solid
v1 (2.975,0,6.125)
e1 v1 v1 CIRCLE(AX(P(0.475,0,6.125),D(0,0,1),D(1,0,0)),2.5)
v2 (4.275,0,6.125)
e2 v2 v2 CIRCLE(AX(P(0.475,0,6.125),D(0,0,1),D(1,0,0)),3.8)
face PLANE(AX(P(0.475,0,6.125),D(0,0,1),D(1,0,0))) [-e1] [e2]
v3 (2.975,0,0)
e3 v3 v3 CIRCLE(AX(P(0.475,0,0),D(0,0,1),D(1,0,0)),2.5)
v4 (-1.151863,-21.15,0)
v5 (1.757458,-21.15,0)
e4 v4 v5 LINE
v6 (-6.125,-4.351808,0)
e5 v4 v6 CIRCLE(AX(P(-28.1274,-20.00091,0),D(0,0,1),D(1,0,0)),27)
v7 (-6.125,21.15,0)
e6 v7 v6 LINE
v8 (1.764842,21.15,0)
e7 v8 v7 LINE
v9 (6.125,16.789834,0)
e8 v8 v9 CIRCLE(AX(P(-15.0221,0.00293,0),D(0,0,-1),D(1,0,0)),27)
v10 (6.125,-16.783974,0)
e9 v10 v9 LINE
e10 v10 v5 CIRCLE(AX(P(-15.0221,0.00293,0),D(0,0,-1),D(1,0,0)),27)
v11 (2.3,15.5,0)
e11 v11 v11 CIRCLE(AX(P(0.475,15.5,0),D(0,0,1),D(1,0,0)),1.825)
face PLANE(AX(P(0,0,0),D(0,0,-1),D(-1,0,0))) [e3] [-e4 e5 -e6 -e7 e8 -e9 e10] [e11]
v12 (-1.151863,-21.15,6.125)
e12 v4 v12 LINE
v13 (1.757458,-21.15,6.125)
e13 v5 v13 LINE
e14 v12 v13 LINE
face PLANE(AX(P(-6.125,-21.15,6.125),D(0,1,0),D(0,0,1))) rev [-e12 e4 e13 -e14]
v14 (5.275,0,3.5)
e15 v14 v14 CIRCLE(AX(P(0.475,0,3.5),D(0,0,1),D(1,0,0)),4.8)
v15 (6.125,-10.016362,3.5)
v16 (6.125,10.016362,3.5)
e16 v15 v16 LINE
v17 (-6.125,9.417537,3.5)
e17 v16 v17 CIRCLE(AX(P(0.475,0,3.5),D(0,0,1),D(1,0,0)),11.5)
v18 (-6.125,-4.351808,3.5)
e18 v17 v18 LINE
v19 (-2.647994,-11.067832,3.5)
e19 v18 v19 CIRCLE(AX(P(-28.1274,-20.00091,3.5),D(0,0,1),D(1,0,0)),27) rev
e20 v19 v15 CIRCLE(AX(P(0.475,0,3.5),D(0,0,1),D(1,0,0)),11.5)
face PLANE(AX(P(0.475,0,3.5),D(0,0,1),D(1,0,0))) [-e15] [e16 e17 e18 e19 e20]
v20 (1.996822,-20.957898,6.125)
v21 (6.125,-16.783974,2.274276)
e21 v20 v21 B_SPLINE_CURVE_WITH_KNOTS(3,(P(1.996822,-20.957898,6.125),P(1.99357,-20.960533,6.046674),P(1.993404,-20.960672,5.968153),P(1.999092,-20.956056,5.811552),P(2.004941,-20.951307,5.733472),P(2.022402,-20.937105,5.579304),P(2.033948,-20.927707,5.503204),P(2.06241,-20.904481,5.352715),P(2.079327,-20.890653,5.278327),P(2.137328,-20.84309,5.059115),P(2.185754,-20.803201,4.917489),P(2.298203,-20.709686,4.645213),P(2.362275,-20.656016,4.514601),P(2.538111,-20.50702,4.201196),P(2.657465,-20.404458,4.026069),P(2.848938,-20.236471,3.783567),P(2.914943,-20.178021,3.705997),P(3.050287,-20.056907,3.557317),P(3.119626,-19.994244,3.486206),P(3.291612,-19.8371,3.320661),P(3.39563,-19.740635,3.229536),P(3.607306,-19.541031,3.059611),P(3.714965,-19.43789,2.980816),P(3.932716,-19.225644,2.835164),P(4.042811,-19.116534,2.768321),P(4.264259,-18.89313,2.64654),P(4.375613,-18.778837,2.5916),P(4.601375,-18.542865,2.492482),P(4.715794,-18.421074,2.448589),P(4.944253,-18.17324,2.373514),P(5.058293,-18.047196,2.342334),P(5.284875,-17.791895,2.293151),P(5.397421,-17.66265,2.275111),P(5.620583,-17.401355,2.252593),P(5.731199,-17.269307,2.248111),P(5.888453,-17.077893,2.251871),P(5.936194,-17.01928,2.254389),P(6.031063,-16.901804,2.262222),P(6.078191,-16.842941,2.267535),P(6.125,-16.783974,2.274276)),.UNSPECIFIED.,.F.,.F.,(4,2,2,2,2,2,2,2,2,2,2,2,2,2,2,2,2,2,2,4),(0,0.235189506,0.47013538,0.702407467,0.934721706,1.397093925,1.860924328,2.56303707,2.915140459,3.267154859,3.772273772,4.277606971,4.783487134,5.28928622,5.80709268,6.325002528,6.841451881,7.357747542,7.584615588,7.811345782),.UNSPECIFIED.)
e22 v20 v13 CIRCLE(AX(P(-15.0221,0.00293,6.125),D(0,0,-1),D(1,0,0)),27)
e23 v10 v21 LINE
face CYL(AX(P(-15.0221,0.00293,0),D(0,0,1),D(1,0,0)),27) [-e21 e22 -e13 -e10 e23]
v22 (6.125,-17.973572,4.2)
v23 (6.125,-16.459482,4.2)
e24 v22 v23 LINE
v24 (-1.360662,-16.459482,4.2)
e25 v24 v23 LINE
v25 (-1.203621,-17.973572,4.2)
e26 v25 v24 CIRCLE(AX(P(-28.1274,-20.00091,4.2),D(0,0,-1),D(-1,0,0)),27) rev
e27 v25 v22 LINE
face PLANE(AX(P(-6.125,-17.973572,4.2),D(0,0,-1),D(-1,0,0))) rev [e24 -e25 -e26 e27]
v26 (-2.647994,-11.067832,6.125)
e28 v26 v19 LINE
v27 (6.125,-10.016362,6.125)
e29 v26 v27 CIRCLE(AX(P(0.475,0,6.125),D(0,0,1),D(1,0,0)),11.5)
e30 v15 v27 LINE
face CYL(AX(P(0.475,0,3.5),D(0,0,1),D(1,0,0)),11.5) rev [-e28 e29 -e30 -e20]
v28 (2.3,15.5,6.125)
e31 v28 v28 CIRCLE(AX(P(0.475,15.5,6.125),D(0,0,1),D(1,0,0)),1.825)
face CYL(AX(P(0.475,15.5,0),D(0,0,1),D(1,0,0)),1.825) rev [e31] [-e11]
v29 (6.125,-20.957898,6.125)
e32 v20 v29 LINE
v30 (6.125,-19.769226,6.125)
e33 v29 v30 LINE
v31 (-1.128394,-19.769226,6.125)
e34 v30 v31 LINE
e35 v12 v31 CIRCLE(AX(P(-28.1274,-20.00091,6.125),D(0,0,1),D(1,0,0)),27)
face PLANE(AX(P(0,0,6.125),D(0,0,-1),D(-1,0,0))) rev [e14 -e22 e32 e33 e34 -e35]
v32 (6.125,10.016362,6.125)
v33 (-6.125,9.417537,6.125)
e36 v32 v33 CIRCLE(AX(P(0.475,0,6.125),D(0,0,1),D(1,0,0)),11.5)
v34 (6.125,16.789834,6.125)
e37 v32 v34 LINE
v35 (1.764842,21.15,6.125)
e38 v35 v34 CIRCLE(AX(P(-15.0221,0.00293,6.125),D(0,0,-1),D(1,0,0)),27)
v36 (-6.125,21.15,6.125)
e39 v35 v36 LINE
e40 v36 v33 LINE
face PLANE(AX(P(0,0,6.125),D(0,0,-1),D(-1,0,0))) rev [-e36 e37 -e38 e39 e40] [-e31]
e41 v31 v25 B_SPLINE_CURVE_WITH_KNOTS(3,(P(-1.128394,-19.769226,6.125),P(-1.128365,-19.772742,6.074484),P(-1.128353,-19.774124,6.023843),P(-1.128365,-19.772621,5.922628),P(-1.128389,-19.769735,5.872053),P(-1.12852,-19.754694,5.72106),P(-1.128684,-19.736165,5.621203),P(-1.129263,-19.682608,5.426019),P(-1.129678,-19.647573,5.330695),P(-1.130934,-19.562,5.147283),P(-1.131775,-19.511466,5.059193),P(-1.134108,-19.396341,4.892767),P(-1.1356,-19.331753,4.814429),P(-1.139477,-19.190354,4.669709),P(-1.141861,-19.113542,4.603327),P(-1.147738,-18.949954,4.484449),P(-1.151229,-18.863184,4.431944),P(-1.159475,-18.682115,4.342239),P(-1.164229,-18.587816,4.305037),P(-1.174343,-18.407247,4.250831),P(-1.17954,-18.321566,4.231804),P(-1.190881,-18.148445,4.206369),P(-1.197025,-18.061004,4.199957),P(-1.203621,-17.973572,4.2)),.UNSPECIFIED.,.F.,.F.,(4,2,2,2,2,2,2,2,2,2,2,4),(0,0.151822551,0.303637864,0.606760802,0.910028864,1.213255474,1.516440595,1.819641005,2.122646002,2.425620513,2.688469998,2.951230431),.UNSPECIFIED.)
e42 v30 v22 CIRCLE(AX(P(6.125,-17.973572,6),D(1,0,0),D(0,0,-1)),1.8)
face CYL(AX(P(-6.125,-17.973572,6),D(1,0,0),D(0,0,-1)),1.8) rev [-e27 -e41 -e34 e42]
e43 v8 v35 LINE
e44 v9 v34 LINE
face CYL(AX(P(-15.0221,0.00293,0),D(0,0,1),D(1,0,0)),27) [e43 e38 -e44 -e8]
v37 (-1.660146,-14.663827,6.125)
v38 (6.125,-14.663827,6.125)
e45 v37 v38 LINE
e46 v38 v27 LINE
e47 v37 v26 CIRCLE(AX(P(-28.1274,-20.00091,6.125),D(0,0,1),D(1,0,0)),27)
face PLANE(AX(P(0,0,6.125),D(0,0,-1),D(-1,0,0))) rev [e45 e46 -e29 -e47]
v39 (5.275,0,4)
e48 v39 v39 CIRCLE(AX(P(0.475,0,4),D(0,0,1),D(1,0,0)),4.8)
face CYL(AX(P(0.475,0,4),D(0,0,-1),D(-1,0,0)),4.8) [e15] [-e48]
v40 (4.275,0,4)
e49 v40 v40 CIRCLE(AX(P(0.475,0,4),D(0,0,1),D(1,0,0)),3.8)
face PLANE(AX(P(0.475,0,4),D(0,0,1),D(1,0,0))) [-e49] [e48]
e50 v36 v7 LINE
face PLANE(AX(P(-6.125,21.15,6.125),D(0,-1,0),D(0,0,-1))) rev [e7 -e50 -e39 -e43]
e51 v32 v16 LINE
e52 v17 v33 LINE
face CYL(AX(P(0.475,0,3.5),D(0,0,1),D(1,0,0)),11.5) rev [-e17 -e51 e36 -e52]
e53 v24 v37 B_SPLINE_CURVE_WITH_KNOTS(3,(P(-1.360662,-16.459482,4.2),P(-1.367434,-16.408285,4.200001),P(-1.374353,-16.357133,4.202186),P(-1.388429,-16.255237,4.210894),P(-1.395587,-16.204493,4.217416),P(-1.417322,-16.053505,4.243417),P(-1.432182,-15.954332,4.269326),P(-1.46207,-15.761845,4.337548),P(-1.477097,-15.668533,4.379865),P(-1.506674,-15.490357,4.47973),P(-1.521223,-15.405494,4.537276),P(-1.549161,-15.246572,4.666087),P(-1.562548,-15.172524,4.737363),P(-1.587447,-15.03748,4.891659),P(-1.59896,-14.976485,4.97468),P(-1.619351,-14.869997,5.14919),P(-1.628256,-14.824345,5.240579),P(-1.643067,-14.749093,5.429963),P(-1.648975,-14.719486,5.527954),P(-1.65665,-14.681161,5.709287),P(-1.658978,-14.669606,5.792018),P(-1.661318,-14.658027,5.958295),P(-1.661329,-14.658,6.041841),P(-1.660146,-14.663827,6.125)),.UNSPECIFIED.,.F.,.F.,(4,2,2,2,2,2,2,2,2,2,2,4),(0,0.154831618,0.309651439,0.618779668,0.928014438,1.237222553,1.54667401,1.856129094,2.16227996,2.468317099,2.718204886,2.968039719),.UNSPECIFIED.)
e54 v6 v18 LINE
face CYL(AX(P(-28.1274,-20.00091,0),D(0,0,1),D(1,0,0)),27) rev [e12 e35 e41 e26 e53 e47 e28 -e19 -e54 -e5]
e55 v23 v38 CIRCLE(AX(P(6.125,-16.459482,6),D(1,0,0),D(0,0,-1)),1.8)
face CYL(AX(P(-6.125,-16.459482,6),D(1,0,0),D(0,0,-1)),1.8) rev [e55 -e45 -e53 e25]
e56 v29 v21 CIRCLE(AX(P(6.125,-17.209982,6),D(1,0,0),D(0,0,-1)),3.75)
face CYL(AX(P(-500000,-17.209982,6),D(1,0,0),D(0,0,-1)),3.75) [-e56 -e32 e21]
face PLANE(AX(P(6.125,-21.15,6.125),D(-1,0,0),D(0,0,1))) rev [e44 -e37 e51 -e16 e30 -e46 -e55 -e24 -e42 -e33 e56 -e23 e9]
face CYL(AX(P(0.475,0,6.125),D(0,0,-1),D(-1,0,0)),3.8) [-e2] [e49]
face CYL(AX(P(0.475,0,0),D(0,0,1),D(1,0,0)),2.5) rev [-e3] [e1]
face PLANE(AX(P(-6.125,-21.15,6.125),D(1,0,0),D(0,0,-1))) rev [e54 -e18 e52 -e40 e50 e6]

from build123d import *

# Parameters (mm, degrees)
SKETCH1_W           = 12.25
SKETCH1_H           = 42.3
BOSS_EXTRUDE1_DEPTH = 6.125
SKETCH2_R           = 1.825
SKETCH2_R_2         = 2.5
CUT_EXTRUDE1_DEPTH  = 23.855059615
CUT_EXTRUDE2_DEPTH  = 23.855059615
SKETCH4_R           = 11.5
CUT_EXTRUDE3_DEPTH  = 2.625
BOSS_EXTRUDE2_START = 0.5
SKETCH5_R           = 4.8
SKETCH5_R_2         = 2.5
BOSS_EXTRUDE2_DEPTH = 0.5
BOSS_EXTRUDE3_START = 2.125
SKETCH6_R           = 3.8
SKETCH6_R_2         = 2.5
BOSS_EXTRUDE3_DEPTH = 2.125
BOSS_EXTRUDE4_REACH = 27.197
CUT_EXTRUDE4_DEPTH  = 26.19723458


with BuildPart() as part:
    # Sketch1 → Boss-Extrude1 (new body)
    with BuildSketch(Plane.XY):
        Rectangle(SKETCH1_W, SKETCH1_H)
    extrude(amount=BOSS_EXTRUDE1_DEPTH)

    # Sketch2 → Cut-Extrude1 (cut, through all)
    with BuildSketch(Plane.XY.offset(6.125)):
        with Locations((0.475, 15.5)):
            Circle(SKETCH2_R)
        with Locations((0.475, 0)):
            Circle(SKETCH2_R_2)
    extrude(amount=-CUT_EXTRUDE1_DEPTH, mode=Mode.SUBTRACT)

    # Sketch3 → Cut-Extrude2 (cut, through all)
    with BuildSketch(Plane.XY.offset(6.125)):
        with BuildLine():
            Line((-6.125, -21.15), (-1.151863079, -21.15))
            ThreePointArc((-1.151863079, -21.15), (-2.238128282, -12.336341525), (-6.125, -4.351807973))
            Line((-6.125, -4.351807973), (-6.125, -21.15))
        make_face()
        with BuildLine():
            Line((6.125, 21.15), (1.764842259, 21.15))
            ThreePointArc((1.764842259, 21.15), (4.069800152, 19.094796032), (6.125, 16.789834467))
            Line((6.125, 16.789834467), (6.125, 21.15))
        make_face()
        with BuildLine():
            Line((6.125, -21.15), (1.757457575, -21.15))
            ThreePointArc((1.757457575, -21.15), (4.066466825, -19.092268783), (6.125, -16.783974467))
            Line((6.125, -16.783974467), (6.125, -21.15))
        make_face()
    extrude(amount=-CUT_EXTRUDE2_DEPTH, mode=Mode.SUBTRACT)

    # Sketch4 → Cut-Extrude3 (cut)
    with BuildSketch(Plane.XY.offset(6.125)):
        with Locations((0.475, 0)):
            Circle(SKETCH4_R)
    extrude(amount=-CUT_EXTRUDE3_DEPTH, mode=Mode.SUBTRACT)

    # Sketch5 → Boss-Extrude2 (add)
    with BuildSketch(Plane.XY.offset(3.5).offset(BOSS_EXTRUDE2_START)):
        with Locations((0.475, 0)):
            Circle(SKETCH5_R)
        with Locations((0.475, 0)):
            Circle(SKETCH5_R_2, mode=Mode.SUBTRACT)
    extrude(amount=-BOSS_EXTRUDE2_DEPTH)

    # Sketch6 → Boss-Extrude3 (add)
    with BuildSketch(Plane.XY.offset(4).offset(BOSS_EXTRUDE3_START)):
        with Locations((0.475, 0)):
            Circle(SKETCH6_R)
        with Locations((0.475, 0)):
            Circle(SKETCH6_R_2, mode=Mode.SUBTRACT)
    extrude(amount=-BOSS_EXTRUDE3_DEPTH)

    # Sketch7 → Boss-Extrude4 (add, up to next)
    with BuildSketch(Plane(origin=(6.125, 0, 0), x_dir=(0, 0, -1), z_dir=(1, 0, 0)), mode=Mode.PRIVATE) as boss_extrude4_sk1:
        with BuildLine():
            Line((-6.125, -13.462065527), (-6.125, -20.957897703))
            ThreePointArc((-6.125, -20.957897703), (-2.25, -17.209981615), (-6.125, -13.462065527))
        make_face()
    boss_extrude4_tool1 = extrude(boss_extrude4_sk1.sketch, amount=-BOSS_EXTRUDE4_REACH, mode=Mode.PRIVATE) - part.part
    add(boss_extrude4_tool1.solids().sort_by_distance((6.125, -17.209982, 4.47578))[0])

    # Sketch8 → Cut-Extrude4 (cut, through all)
    with BuildSketch(Plane(origin=(6.125, 0, 0), x_dir=(0, 0, -1), z_dir=(1, 0, 0))):
        with BuildLine():
            Line((-7.8, -17.973571615), (-7.8, -16.459481615))
            ThreePointArc((-7.8, -16.459481615), (-6, -14.659481615), (-4.2, -16.459481615))
            Line((-4.2, -16.459481615), (-4.2, -17.973571615))
            ThreePointArc((-4.2, -17.973571615), (-6, -19.773571615), (-7.8, -17.973571615))
        make_face()
    extrude(amount=-CUT_EXTRUDE4_DEPTH, mode=Mode.SUBTRACT)


solid = part.part
